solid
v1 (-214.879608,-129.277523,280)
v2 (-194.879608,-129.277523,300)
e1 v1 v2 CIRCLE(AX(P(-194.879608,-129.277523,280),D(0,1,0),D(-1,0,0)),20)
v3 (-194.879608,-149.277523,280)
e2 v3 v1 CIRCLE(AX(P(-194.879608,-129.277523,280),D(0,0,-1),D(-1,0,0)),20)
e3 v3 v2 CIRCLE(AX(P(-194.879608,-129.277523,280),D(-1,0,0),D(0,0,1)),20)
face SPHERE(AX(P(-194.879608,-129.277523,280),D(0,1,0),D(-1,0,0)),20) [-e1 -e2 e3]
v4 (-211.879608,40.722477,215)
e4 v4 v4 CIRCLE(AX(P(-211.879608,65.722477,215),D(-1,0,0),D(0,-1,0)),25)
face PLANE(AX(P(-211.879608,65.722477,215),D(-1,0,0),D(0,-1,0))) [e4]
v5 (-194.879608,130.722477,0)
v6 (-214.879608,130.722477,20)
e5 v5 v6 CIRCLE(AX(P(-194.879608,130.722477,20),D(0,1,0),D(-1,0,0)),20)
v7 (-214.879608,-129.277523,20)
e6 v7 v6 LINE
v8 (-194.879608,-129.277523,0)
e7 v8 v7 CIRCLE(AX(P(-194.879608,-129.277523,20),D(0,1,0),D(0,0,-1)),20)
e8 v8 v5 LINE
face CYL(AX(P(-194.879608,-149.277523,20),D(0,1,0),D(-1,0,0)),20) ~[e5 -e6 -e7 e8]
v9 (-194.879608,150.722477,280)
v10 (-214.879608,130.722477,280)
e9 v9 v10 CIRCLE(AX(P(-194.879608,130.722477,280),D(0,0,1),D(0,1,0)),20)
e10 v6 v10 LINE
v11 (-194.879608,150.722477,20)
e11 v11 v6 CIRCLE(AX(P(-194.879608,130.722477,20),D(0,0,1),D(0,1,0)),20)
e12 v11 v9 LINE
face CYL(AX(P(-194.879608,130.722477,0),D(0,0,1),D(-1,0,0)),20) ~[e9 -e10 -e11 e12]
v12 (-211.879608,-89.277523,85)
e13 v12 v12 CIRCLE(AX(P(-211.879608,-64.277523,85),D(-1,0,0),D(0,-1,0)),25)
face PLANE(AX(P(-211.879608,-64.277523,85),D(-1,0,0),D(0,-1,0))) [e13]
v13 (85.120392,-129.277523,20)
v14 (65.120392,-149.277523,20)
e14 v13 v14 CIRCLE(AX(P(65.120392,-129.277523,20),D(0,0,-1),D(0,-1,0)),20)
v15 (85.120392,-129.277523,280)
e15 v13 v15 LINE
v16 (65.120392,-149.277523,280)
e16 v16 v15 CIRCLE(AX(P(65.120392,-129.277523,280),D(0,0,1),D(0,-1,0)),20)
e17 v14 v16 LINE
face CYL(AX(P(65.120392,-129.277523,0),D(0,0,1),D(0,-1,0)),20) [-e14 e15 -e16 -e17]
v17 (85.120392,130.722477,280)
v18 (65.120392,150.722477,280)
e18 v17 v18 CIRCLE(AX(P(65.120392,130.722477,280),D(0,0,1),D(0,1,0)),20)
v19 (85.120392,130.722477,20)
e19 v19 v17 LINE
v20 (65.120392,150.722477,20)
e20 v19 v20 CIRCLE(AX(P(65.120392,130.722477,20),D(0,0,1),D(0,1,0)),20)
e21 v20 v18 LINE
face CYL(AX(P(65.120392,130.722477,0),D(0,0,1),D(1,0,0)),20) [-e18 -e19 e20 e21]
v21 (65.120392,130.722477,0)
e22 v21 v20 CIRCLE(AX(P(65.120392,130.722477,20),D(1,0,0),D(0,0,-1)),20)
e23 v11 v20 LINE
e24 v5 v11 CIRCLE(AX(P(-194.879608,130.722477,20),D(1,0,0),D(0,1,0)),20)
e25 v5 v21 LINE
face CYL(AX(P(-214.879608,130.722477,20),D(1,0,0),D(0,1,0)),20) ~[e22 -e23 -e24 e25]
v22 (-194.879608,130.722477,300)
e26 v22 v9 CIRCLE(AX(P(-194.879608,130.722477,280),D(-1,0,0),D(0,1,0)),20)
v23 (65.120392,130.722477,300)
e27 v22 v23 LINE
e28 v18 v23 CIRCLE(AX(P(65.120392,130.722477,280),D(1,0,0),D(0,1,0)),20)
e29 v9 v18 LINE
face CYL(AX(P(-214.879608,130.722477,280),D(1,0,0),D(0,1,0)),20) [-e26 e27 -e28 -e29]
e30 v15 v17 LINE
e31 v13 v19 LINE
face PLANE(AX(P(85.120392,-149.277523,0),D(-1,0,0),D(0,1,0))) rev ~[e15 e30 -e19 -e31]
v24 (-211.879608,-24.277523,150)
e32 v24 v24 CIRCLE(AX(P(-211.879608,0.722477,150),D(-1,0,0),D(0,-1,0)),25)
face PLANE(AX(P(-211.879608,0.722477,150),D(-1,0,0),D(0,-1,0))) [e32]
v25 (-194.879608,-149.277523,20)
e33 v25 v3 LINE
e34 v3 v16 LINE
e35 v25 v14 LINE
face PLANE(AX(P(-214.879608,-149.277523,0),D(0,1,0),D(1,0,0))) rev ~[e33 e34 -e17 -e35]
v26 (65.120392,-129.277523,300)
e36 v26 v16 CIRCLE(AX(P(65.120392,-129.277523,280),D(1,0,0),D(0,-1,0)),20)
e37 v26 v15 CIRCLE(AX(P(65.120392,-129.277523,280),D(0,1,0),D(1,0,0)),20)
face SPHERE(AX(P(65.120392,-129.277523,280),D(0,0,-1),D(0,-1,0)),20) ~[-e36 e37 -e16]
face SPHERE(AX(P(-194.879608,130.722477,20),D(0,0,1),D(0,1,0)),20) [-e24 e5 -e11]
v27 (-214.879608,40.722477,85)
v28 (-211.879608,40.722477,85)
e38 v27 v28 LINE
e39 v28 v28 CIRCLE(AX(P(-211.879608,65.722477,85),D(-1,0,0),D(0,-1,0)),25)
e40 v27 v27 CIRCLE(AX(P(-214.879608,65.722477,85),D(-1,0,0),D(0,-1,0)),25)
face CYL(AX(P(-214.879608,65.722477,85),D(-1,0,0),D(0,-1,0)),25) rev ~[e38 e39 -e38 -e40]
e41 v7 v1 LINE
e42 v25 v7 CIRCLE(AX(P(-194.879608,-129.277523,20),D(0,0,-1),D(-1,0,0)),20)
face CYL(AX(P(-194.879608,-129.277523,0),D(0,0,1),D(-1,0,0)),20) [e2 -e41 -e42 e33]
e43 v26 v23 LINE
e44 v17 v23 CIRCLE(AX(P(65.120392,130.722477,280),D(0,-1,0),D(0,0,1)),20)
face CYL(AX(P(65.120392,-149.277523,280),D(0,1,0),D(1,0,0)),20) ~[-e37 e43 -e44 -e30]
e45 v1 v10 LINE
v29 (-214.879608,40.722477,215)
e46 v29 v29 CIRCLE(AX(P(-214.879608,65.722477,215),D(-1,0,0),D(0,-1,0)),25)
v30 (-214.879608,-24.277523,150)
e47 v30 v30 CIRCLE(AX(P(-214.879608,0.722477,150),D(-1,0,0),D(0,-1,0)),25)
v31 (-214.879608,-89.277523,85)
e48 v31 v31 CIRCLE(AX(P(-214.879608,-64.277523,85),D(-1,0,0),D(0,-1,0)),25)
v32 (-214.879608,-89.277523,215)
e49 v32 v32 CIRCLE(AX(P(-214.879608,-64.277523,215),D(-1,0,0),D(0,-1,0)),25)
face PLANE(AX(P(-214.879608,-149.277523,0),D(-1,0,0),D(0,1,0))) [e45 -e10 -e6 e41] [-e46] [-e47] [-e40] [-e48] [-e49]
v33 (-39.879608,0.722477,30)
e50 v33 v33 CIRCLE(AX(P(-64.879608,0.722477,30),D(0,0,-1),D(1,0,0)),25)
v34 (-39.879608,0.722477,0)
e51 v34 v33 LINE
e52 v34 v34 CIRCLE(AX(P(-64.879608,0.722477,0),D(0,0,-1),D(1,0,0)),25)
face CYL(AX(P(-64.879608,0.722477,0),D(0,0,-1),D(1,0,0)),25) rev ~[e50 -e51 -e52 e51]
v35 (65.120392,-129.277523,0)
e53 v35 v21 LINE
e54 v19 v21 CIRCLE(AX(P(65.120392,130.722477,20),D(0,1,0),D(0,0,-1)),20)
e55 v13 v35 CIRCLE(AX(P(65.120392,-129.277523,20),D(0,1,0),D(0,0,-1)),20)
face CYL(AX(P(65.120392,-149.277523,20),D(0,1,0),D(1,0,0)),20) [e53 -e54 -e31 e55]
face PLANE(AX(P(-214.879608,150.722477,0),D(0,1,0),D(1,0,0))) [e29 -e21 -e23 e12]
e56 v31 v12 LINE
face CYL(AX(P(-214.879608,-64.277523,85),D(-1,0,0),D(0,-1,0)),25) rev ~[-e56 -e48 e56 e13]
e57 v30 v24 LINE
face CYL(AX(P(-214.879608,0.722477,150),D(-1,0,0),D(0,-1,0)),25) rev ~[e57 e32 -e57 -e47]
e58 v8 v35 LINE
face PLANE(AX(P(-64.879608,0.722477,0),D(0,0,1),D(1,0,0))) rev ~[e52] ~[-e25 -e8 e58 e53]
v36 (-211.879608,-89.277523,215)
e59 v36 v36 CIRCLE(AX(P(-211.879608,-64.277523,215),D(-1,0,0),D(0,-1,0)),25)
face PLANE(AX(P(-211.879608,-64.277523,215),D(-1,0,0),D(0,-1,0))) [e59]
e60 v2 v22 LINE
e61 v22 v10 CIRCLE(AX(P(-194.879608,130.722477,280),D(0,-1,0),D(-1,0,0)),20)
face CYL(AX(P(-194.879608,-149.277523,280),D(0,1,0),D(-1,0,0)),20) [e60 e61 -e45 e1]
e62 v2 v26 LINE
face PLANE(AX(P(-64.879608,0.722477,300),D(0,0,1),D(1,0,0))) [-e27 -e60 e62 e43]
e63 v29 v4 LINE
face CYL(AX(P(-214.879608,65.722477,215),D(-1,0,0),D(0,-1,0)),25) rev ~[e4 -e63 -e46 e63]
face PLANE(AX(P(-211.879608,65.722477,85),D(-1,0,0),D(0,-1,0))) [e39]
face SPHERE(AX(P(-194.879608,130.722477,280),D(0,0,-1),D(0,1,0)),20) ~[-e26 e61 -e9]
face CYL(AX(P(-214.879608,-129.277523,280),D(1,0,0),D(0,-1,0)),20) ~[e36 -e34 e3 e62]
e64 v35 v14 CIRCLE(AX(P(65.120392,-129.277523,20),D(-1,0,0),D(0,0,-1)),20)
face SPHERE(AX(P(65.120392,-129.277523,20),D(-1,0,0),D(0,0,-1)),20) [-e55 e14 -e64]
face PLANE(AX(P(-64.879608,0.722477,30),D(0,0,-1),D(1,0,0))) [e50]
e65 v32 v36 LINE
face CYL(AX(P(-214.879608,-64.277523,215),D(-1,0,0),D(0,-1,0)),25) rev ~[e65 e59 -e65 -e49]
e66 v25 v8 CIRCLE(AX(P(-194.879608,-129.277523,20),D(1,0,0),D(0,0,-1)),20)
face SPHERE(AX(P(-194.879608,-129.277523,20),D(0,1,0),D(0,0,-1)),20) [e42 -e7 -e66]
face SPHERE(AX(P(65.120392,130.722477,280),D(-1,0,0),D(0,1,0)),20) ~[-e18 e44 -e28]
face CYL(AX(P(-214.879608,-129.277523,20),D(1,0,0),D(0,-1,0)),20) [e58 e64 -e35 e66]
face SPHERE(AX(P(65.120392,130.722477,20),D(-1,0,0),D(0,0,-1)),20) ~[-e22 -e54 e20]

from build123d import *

# Parameters (mm, degrees)
F0_W     = 300
F0_H     = 300
F1_DEPTH = 300
F2_R     = 20
F3_R     = 25
F4_DEPTH = 30
F5_R     = 25
F6_DEPTH = 3


with BuildPart() as f1:
    # F0 (on Top) → F1 (new body)
    with BuildSketch(Plane.XY):
        with Locations((-64.879608, 0.722477)):
            Rectangle(F0_W, F0_H)
    extrude(amount=F1_DEPTH)

    # F2
    f2_edges = [f1.edges().sort_by_distance(p)[0] for p in [
        (-214.879608, 150.722477, 150),
        (-64.879608, 150.722477, 300),
        (-214.879608, 0.722477, 300),
        (-64.879608, 150.722477, 0),
        (-214.879608, 0.722477, 0),
        (-64.879608, -149.277523, 0),
        (85.120392, 0.722477, 0),
        (85.120392, 150.722477, 150),
        (-214.879608, -149.277523, 150),
        (85.120392, -149.277523, 150),
        (-64.879608, -149.277523, 300),
        (85.120392, 0.722477, 300),
    ]]
    fillet(f2_edges, radius=F2_R)

    # F3 (on face) → F4 (cut)
    with BuildSketch(Plane(origin=(0, 0, 0), x_dir=(1, 0, 0), z_dir=(0, 0, -1))):
        with Locations((-64.879608, -0.722477)):
            Circle(F3_R)
    extrude(amount=-F4_DEPTH, mode=Mode.SUBTRACT)

    # F5 (on face) → F6 (cut)
    with BuildSketch(Plane(origin=(-214.879608, 0, 0), x_dir=(0, -1, 0), z_dir=(-1, 0, 0))):
        with Locations((64.277523, 215)):
            Circle(F5_R)
        with Locations((-0.722477, 150)):
            Circle(F5_R)
        with Locations((64.277523, 85)):
            Circle(F5_R)
        with Locations((-65.722477, 85)):
            Circle(F5_R)
        with Locations((-65.722477, 215)):
            Circle(F5_R)
    extrude(amount=-F6_DEPTH, mode=Mode.SUBTRACT)


solid = f1.part
